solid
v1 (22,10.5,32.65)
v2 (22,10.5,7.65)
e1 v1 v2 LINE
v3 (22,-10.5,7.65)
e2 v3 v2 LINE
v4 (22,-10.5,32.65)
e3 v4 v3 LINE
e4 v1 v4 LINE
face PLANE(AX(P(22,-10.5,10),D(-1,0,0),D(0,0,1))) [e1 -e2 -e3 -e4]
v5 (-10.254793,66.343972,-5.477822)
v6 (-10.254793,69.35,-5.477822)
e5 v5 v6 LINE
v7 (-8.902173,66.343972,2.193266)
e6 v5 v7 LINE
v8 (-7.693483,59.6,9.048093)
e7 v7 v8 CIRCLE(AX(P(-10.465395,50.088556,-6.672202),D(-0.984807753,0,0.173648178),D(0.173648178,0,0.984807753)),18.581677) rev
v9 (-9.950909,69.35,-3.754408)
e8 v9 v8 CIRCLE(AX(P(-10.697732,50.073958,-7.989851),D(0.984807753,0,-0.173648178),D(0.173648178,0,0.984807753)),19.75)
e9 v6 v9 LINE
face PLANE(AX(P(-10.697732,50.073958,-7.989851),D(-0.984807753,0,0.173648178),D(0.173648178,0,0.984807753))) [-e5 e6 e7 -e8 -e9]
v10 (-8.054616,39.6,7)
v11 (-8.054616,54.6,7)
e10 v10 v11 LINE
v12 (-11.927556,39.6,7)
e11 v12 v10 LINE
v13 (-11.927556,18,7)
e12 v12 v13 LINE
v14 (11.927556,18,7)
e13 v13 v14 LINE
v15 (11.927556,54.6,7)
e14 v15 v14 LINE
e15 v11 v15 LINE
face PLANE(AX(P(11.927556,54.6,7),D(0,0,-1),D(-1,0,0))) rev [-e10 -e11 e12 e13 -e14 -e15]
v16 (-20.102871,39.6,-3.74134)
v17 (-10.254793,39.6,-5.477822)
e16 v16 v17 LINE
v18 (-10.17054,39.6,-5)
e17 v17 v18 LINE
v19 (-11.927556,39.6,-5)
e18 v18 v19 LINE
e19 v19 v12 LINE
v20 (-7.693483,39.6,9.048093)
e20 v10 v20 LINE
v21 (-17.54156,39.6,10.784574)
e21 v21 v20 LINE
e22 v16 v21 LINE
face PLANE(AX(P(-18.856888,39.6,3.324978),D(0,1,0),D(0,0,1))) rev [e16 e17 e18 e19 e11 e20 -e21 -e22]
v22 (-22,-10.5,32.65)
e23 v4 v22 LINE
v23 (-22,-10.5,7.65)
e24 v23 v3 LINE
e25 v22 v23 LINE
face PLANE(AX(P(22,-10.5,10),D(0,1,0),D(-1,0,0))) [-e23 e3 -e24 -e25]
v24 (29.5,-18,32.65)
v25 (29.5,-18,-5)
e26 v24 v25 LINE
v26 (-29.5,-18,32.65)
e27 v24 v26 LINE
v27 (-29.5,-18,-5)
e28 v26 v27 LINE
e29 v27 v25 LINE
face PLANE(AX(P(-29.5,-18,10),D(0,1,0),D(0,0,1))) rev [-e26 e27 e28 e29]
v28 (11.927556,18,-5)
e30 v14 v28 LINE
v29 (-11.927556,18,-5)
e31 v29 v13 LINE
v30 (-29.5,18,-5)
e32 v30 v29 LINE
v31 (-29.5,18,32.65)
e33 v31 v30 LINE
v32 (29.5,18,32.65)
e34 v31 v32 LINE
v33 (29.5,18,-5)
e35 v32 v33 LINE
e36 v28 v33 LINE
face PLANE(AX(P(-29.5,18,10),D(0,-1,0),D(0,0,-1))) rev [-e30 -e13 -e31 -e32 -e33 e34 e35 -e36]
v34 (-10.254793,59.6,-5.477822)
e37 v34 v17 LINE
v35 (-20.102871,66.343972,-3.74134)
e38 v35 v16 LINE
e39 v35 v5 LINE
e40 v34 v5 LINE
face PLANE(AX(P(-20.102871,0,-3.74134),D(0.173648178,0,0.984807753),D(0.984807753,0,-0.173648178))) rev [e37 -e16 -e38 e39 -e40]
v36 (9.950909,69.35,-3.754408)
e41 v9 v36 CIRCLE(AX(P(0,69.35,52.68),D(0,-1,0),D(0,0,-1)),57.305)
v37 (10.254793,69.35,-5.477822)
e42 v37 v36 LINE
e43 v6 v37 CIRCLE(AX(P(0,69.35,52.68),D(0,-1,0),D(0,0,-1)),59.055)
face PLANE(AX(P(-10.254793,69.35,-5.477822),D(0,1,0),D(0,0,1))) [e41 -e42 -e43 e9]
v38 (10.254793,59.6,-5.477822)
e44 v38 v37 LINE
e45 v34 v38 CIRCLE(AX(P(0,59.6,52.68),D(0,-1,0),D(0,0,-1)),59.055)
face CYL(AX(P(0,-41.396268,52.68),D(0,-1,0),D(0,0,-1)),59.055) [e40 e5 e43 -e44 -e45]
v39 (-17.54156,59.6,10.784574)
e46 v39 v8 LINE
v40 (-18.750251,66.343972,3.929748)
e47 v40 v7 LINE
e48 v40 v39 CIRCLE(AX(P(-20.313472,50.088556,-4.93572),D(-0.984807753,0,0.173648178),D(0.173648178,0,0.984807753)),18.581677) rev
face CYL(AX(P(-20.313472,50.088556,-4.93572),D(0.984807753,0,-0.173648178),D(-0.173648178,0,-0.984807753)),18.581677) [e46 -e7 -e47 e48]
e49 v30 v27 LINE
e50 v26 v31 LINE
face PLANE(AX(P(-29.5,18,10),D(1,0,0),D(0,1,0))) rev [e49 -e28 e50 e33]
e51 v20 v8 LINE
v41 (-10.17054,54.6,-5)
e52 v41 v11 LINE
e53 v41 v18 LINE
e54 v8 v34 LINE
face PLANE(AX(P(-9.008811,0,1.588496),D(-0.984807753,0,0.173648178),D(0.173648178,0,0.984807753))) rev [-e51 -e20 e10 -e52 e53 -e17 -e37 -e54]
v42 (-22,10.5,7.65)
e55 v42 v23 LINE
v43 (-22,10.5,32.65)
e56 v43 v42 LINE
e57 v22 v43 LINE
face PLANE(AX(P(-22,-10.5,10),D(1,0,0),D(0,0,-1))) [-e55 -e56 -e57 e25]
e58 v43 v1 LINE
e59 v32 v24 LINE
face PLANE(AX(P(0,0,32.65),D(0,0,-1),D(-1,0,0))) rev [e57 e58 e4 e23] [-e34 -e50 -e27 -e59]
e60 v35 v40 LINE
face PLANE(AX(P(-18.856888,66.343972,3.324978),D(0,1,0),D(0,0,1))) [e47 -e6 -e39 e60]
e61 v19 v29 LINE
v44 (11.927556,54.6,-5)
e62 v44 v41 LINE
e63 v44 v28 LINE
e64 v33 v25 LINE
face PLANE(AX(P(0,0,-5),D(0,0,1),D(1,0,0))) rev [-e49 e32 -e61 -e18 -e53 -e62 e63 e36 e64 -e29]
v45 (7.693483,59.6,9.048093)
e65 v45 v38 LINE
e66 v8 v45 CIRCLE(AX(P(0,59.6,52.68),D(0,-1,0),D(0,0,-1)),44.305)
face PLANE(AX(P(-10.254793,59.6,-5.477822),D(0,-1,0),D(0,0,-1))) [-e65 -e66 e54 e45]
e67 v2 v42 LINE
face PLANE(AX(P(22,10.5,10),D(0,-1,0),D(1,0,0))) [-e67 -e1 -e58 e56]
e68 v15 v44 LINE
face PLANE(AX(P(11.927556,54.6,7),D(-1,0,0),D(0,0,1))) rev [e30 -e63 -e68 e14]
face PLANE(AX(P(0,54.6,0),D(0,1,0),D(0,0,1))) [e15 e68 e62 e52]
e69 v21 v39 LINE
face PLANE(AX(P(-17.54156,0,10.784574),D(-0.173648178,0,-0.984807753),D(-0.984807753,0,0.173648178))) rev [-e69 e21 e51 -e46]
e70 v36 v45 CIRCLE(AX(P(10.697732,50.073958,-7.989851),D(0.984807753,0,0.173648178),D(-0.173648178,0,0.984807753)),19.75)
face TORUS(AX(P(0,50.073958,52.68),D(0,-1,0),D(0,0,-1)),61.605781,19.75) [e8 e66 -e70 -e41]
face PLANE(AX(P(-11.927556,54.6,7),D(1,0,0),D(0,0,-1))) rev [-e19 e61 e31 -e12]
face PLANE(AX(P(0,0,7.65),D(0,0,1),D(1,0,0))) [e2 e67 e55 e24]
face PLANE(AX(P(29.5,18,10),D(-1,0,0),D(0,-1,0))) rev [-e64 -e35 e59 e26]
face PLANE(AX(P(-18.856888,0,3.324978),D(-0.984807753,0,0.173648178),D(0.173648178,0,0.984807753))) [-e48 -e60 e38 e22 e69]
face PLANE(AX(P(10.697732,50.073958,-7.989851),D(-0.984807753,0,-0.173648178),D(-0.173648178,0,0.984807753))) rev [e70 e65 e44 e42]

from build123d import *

# Parameters (mm, degrees)
SKETCH3_W           = 59
SKETCH3_H           = 36
SKETCH3_W_2         = 44
SKETCH3_H_2         = 21
BOSS_EXTRUDE1_DEPTH = 10
SKETCH3_2_W         = 59
SKETCH3_2_H         = 36
SKETCH3_2_W_2       = 44
SKETCH3_2_H_2       = 21
BOSS_EXTRUDE2_DEPTH = 5
SKETCH4_W           = 23.855112314
SKETCH4_H           = 12
BOSS_EXTRUDE3_DEPTH = 36.6
REVOLVE1_ANGLE      = 20
BOSS_EXTRUDE4_DEPTH = 10
BOSS_EXTRUDE5_REACH = 83.498
SKETCH9_W           = 12
SKETCH9_H           = 10.265164511
SKETCH3_4_W         = 59
SKETCH3_4_H         = 36
SKETCH3_4_W_2       = 44
SKETCH3_4_H_2       = 21
BOSS_EXTRUDE6_DEPTH = 7.65
BOSS_EXTRUDE7_START = 7.65
SKETCH3_5_W         = 59
SKETCH3_5_H         = 36
SKETCH3_5_W_2       = 44
SKETCH3_5_H_2       = 21
BOSS_EXTRUDE7_DEPTH = 25


with BuildPart() as part:
    # Sketch3 → Boss-Extrude1 (new body)
    with BuildSketch(Plane.XY):
        Rectangle(SKETCH3_W, SKETCH3_H)
        Rectangle(SKETCH3_W_2, SKETCH3_H_2, mode=Mode.SUBTRACT)
    extrude(amount=BOSS_EXTRUDE1_DEPTH)

    # Sketch3<2> → Boss-Extrude2 (add)
    # profile 1 of 2: a face of its own
    with BuildSketch(Plane.XY):
        Rectangle(SKETCH3_2_W, SKETCH3_2_H)
        Rectangle(SKETCH3_2_W_2, SKETCH3_2_H_2, mode=Mode.SUBTRACT)
    # profile 2 of 2: a face of its own
    with BuildSketch(Plane.XY):
        Rectangle(SKETCH3_2_W_2, SKETCH3_2_H_2)
    extrude(amount=-BOSS_EXTRUDE2_DEPTH)

    # Sketch4 → Boss-Extrude3 (add)
    with BuildSketch(Plane(origin=(0, 18, 0), x_dir=(1, 0, 0), z_dir=(0, 1, 0))):
        with Locations((0, -1)):
            Rectangle(SKETCH4_W, SKETCH4_H)
    extrude(amount=BOSS_EXTRUDE3_DEPTH)



with BuildPart() as body_2:
    # Sketch5 → Revolve1 (revolve, symmetric)
    with BuildSketch(Plane(origin=(0, 0, 0), x_dir=(0, 0, -1), z_dir=(1, 0, 0))) as revolve1_sk:
        with BuildLine():
            Line((6.375, 59.6), (-8.375, 59.6))
            ThreePointArc((-8.375, 59.6), (-2.924218778, 65.873958371), (4.625, 69.35))
            Line((4.625, 69.35), (6.375, 69.35))
            Line((6.375, 69.35), (6.375, 59.6))
        make_face()
    revolve(axis=Axis((0, -41.396267669, 52.68), (0, 1, 0)), revolution_arc=REVOLVE1_ANGLE / 2)
    revolve(revolve1_sk.sketch, axis=Axis((0, -41.396267669, 52.68), (0, -1, 0)), revolution_arc=REVOLVE1_ANGLE / 2)

    # Sketch7 → Boss-Extrude4 (add)
    with BuildSketch(Plane(origin=(-9.008810575, 0, 1.588496368), x_dir=(-0.17364817766693075, 0, -0.9848077530122081), z_dir=(0.9848077530122081, 0, -0.17364817766693075))):
        with BuildLine():
            Line((7.175327571, 59.6), (7.175327571, 66.343971629))
            Line((7.175327571, 66.343971629), (-0.614099568, 66.343971629))
            ThreePointArc((-0.614099568, 66.343971629), (-4.541815528, 63.433785776), (-7.574672429, 59.6))
            Line((-7.574672429, 59.6), (-7.574672429, 39.6))
            Line((-7.574672429, 39.6), (7.175327571, 39.6))
            Line((7.175327571, 39.6), (7.175327571, 59.6))
        make_face()
    extrude(amount=-BOSS_EXTRUDE4_DEPTH)


with BuildPart() as part_1:
    add(part.part)

    add(body_2.part)  # Boss-Extrude5 merges body 2
    # Boss-Extrude5: up to this plane
    boss_extrude5_end = Plane(origin=(-9.008810575, 0, 1.588496368), z_dir=(-0.9848077530122081, 0, 0.17364817766693075))
    # Sketch9 → Boss-Extrude5 (add, up to the surface)
    with BuildSketch(Plane(origin=(-11.927556157, 0, 0), x_dir=(0, 0, -1), z_dir=(1, 0, 0)), mode=Mode.PRIVATE) as boss_extrude5_sk1:
        with Locations((-1, 49.467417744)):
            Rectangle(SKETCH9_W, SKETCH9_H)
    boss_extrude5_tool1 = split(extrude(boss_extrude5_sk1.sketch, amount=BOSS_EXTRUDE5_REACH, mode=Mode.PRIVATE), bisect_by=boss_extrude5_end, keep=Keep.BOTH, mode=Mode.PRIVATE)
    add(boss_extrude5_tool1.solids().sort_by_distance((-11.927556, 49.467418, 1))[0])

    # Sketch3<4> → Boss-Extrude6 (add)
    # profile 1 of 2: a face of its own
    with BuildSketch(Plane.XY):
        Rectangle(SKETCH3_4_W, SKETCH3_4_H)
        Rectangle(SKETCH3_4_W_2, SKETCH3_4_H_2, mode=Mode.SUBTRACT)
    # profile 2 of 2: a face of its own
    with BuildSketch(Plane.XY):
        Rectangle(SKETCH3_4_W_2, SKETCH3_4_H_2)
    extrude(amount=BOSS_EXTRUDE6_DEPTH)

    # Sketch3<5> → Boss-Extrude7 (add)
    with BuildSketch(Plane.XY.offset(BOSS_EXTRUDE7_START)):
        Rectangle(SKETCH3_5_W, SKETCH3_5_H)
        Rectangle(SKETCH3_5_W_2, SKETCH3_5_H_2, mode=Mode.SUBTRACT)
    extrude(amount=BOSS_EXTRUDE7_DEPTH)


solid = part_1.part
